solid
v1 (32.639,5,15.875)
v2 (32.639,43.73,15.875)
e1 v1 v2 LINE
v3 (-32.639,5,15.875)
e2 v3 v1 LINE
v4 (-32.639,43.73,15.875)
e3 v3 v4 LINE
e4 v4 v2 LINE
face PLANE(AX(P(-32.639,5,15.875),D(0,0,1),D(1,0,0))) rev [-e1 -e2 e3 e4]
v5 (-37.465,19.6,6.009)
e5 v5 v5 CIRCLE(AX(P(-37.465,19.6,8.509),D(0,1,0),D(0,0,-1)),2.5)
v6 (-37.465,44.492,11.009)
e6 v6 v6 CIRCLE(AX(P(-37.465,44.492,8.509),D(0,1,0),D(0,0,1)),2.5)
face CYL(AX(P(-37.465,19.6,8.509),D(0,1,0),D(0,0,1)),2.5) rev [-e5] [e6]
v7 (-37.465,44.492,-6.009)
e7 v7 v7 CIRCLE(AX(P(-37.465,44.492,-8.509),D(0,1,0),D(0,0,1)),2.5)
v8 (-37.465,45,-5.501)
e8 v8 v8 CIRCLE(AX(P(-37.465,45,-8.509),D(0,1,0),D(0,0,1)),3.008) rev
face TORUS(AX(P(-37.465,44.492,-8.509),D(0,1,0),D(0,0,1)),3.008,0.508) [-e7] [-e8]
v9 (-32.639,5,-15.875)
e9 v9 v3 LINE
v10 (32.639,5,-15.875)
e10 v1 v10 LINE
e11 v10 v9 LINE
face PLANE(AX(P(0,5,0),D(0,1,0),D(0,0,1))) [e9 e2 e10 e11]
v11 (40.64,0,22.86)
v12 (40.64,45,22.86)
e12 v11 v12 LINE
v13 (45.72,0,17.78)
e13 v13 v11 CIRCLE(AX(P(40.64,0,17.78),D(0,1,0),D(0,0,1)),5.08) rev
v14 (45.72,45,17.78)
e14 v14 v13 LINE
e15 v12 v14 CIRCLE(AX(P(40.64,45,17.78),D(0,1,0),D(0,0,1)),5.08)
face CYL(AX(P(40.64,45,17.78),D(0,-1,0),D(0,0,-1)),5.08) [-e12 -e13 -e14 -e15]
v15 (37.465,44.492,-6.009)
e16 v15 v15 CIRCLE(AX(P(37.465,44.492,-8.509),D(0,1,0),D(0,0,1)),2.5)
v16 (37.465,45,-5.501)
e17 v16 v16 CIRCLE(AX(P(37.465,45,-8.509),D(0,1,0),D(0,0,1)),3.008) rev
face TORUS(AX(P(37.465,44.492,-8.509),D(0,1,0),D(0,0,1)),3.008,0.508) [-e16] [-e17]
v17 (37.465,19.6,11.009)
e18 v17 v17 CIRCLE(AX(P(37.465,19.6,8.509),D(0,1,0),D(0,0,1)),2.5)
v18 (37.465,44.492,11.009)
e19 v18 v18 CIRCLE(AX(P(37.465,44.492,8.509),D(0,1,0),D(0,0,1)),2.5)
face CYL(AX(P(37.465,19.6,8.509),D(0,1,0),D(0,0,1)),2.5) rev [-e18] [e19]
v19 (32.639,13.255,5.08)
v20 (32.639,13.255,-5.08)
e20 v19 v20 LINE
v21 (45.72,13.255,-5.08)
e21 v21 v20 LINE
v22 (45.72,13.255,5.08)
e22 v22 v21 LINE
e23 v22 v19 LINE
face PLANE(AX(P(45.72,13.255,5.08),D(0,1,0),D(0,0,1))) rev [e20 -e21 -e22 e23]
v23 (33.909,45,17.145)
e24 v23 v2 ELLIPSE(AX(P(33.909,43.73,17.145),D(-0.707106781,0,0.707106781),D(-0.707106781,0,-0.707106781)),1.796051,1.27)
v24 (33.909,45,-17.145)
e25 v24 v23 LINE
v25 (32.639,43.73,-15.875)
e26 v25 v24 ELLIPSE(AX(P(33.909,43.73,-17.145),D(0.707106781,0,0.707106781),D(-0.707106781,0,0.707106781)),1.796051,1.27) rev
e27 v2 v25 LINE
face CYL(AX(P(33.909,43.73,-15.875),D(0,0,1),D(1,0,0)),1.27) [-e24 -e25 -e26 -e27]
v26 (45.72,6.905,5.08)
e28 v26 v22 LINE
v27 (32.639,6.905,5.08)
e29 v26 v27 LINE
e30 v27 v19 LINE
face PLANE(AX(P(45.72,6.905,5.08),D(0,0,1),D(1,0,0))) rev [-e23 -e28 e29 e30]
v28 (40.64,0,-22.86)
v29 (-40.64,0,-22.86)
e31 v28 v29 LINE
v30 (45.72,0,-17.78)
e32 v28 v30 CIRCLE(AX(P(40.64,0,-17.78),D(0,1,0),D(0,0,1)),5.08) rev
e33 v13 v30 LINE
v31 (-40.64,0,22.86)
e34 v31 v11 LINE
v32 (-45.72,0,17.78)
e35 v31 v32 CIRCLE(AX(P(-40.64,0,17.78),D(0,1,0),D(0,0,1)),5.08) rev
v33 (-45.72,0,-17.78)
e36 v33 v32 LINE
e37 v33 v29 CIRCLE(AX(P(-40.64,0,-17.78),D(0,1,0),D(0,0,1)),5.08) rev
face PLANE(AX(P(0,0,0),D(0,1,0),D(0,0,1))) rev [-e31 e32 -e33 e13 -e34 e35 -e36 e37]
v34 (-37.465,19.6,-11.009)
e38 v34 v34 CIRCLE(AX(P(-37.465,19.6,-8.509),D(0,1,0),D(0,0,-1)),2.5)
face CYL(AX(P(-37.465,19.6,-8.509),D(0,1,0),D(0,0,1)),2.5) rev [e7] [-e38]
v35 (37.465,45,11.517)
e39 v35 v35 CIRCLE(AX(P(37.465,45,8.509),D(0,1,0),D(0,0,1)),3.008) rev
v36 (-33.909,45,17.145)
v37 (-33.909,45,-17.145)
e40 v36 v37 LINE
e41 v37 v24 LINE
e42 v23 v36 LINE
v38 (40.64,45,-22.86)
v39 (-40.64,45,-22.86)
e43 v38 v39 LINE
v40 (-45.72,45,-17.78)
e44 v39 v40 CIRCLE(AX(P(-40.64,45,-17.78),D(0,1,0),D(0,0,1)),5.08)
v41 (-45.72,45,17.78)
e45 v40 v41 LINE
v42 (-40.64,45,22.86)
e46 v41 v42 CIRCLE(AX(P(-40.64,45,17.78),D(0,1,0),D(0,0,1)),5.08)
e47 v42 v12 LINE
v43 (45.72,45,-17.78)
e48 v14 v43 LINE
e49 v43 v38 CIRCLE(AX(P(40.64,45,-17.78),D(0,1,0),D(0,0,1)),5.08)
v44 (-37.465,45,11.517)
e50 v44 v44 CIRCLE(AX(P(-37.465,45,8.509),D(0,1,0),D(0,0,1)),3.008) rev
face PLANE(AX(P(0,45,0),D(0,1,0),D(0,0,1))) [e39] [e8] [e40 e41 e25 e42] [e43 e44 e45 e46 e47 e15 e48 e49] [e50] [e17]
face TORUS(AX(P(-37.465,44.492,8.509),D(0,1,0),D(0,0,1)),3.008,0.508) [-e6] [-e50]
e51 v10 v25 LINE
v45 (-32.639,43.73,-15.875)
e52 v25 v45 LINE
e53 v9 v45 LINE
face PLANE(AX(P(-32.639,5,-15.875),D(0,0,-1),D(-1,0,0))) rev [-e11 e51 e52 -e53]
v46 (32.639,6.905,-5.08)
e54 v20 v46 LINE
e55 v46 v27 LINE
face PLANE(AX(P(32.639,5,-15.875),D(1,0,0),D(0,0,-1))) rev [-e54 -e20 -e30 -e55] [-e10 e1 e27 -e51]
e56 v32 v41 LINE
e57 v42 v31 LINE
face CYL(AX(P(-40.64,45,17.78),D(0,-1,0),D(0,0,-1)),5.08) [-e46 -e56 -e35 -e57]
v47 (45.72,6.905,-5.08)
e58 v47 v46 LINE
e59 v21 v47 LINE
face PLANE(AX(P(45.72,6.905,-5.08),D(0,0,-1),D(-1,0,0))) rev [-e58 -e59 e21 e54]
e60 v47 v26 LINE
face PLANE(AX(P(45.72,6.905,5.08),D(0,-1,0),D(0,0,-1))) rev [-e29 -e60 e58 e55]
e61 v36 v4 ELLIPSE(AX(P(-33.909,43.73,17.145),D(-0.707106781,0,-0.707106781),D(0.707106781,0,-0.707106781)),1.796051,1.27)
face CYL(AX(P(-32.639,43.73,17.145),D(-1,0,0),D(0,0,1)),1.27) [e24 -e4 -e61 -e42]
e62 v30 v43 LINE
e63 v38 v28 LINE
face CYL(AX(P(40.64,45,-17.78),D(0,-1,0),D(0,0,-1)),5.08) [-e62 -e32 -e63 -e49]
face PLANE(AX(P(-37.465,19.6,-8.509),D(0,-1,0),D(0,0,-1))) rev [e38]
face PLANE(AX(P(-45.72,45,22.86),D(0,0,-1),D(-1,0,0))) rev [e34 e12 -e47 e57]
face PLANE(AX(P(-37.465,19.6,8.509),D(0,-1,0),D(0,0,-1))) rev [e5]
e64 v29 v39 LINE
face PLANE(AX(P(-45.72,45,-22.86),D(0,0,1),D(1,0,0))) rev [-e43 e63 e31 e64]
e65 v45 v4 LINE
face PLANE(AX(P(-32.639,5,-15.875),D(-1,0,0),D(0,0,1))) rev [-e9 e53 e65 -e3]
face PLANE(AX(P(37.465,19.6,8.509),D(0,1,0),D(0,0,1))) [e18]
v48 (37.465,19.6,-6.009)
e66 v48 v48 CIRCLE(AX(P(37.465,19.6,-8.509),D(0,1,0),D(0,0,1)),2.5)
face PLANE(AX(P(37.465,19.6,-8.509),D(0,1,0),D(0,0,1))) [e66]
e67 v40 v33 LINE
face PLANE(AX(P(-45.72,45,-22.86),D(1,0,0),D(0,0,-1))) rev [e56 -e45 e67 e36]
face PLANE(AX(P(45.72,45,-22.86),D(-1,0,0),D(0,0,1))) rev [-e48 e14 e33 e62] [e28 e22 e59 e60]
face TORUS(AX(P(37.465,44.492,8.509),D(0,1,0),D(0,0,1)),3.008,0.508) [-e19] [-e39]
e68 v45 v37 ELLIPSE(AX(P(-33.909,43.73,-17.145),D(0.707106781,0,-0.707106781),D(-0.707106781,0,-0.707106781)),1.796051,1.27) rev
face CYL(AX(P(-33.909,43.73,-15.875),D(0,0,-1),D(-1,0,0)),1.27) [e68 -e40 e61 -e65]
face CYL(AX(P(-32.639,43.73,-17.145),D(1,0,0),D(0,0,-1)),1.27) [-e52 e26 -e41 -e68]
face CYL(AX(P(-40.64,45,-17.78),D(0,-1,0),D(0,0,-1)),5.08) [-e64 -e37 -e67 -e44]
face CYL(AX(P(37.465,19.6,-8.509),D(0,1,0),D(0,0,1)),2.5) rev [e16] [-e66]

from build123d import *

# Parameters (mm, degrees)
SKETCH1_W           = 91.44
SKETCH1_H           = 45.72
BOSS_EXTRUDE1_DEPTH = 45
SKETCH2_W           = 65.278
SKETCH2_H           = 31.75
CUT_EXTRUDE1_DEPTH  = 40
SKETCH3_R           = 2.5
CUT_EXTRUDE2_DEPTH  = 25.4
FILLET1_R           = 5.08
FILLET3_R           = 1.27
FILLET4_R           = 0.508
SKETCH4_W           = 10.16
SKETCH4_H           = 6.35
CUT_EXTRUDE3_DEPTH  = 94.207899241


with BuildPart() as part:
    # Sketch1 → Boss-Extrude1 (new body)
    with BuildSketch(Plane(origin=(0, 0, 0), x_dir=(1, 0, 0), z_dir=(0, 1, 0))):
        Rectangle(SKETCH1_W, SKETCH1_H)
    extrude(amount=BOSS_EXTRUDE1_DEPTH)

    # Sketch2 → Cut-Extrude1 (cut)
    with BuildSketch(Plane(origin=(0, 45, 0), x_dir=(1, 0, 0), z_dir=(0, 1, 0))):
        Rectangle(SKETCH2_W, SKETCH2_H)
    extrude(amount=-CUT_EXTRUDE1_DEPTH, mode=Mode.SUBTRACT)

    # Sketch3 → Cut-Extrude2 (cut)
    with BuildSketch(Plane(origin=(0, 45, 0), x_dir=(1, 0, 0), z_dir=(0, 1, 0))):
        with Locations(Location((37.465, 8.509, 0), (0, 0, 270))):
            Circle(SKETCH3_R)
        with Locations(Location((37.465, -8.509, 0), (0, 0, 270))):
            Circle(SKETCH3_R)
        with Locations(Location((-37.465, -8.509, 0), (0, 0, 90))):
            Circle(SKETCH3_R)
        with Locations(Location((-37.465, 8.509, 0), (0, 0, 90))):
            Circle(SKETCH3_R)
    extrude(amount=-CUT_EXTRUDE2_DEPTH, mode=Mode.SUBTRACT)

    # Fillet1
    fillet1_edges = [part.edges().sort_by_distance(p)[0] for p in [
        (45.72, 22.5, 22.86),
        (-45.72, 22.5, 22.86),
        (-45.72, 22.5, -22.86),
        (45.72, 22.5, -22.86),
    ]]
    fillet(fillet1_edges, radius=FILLET1_R)

    # Fillet3
    fillet3_edges = [part.edges().sort_by_distance(p)[0] for p in [
        (32.639, 45, 0),
        (0, 45, -15.875),
        (-32.639, 45, 0),
        (0, 45, 15.875),
    ]]
    fillet(fillet3_edges, radius=FILLET3_R)

    # Fillet4
    fillet4_edges = [part.edges().sort_by_distance(p)[0] for p in [
        (-37.465, 45, -6.009),
        (-37.465, 45, 11.009),
        (37.465, 45, 6.009),
        (37.465, 45, -11.009),
    ]]
    fillet(fillet4_edges, radius=FILLET4_R)

    # Sketch4 → Cut-Extrude3 (cut, through all)
    with BuildSketch(Plane.ZY.offset(-32.639)):
        with Locations((0, 10.08)):
            Rectangle(SKETCH4_W, SKETCH4_H)
    extrude(amount=-CUT_EXTRUDE3_DEPTH, mode=Mode.SUBTRACT)


solid = part.part
